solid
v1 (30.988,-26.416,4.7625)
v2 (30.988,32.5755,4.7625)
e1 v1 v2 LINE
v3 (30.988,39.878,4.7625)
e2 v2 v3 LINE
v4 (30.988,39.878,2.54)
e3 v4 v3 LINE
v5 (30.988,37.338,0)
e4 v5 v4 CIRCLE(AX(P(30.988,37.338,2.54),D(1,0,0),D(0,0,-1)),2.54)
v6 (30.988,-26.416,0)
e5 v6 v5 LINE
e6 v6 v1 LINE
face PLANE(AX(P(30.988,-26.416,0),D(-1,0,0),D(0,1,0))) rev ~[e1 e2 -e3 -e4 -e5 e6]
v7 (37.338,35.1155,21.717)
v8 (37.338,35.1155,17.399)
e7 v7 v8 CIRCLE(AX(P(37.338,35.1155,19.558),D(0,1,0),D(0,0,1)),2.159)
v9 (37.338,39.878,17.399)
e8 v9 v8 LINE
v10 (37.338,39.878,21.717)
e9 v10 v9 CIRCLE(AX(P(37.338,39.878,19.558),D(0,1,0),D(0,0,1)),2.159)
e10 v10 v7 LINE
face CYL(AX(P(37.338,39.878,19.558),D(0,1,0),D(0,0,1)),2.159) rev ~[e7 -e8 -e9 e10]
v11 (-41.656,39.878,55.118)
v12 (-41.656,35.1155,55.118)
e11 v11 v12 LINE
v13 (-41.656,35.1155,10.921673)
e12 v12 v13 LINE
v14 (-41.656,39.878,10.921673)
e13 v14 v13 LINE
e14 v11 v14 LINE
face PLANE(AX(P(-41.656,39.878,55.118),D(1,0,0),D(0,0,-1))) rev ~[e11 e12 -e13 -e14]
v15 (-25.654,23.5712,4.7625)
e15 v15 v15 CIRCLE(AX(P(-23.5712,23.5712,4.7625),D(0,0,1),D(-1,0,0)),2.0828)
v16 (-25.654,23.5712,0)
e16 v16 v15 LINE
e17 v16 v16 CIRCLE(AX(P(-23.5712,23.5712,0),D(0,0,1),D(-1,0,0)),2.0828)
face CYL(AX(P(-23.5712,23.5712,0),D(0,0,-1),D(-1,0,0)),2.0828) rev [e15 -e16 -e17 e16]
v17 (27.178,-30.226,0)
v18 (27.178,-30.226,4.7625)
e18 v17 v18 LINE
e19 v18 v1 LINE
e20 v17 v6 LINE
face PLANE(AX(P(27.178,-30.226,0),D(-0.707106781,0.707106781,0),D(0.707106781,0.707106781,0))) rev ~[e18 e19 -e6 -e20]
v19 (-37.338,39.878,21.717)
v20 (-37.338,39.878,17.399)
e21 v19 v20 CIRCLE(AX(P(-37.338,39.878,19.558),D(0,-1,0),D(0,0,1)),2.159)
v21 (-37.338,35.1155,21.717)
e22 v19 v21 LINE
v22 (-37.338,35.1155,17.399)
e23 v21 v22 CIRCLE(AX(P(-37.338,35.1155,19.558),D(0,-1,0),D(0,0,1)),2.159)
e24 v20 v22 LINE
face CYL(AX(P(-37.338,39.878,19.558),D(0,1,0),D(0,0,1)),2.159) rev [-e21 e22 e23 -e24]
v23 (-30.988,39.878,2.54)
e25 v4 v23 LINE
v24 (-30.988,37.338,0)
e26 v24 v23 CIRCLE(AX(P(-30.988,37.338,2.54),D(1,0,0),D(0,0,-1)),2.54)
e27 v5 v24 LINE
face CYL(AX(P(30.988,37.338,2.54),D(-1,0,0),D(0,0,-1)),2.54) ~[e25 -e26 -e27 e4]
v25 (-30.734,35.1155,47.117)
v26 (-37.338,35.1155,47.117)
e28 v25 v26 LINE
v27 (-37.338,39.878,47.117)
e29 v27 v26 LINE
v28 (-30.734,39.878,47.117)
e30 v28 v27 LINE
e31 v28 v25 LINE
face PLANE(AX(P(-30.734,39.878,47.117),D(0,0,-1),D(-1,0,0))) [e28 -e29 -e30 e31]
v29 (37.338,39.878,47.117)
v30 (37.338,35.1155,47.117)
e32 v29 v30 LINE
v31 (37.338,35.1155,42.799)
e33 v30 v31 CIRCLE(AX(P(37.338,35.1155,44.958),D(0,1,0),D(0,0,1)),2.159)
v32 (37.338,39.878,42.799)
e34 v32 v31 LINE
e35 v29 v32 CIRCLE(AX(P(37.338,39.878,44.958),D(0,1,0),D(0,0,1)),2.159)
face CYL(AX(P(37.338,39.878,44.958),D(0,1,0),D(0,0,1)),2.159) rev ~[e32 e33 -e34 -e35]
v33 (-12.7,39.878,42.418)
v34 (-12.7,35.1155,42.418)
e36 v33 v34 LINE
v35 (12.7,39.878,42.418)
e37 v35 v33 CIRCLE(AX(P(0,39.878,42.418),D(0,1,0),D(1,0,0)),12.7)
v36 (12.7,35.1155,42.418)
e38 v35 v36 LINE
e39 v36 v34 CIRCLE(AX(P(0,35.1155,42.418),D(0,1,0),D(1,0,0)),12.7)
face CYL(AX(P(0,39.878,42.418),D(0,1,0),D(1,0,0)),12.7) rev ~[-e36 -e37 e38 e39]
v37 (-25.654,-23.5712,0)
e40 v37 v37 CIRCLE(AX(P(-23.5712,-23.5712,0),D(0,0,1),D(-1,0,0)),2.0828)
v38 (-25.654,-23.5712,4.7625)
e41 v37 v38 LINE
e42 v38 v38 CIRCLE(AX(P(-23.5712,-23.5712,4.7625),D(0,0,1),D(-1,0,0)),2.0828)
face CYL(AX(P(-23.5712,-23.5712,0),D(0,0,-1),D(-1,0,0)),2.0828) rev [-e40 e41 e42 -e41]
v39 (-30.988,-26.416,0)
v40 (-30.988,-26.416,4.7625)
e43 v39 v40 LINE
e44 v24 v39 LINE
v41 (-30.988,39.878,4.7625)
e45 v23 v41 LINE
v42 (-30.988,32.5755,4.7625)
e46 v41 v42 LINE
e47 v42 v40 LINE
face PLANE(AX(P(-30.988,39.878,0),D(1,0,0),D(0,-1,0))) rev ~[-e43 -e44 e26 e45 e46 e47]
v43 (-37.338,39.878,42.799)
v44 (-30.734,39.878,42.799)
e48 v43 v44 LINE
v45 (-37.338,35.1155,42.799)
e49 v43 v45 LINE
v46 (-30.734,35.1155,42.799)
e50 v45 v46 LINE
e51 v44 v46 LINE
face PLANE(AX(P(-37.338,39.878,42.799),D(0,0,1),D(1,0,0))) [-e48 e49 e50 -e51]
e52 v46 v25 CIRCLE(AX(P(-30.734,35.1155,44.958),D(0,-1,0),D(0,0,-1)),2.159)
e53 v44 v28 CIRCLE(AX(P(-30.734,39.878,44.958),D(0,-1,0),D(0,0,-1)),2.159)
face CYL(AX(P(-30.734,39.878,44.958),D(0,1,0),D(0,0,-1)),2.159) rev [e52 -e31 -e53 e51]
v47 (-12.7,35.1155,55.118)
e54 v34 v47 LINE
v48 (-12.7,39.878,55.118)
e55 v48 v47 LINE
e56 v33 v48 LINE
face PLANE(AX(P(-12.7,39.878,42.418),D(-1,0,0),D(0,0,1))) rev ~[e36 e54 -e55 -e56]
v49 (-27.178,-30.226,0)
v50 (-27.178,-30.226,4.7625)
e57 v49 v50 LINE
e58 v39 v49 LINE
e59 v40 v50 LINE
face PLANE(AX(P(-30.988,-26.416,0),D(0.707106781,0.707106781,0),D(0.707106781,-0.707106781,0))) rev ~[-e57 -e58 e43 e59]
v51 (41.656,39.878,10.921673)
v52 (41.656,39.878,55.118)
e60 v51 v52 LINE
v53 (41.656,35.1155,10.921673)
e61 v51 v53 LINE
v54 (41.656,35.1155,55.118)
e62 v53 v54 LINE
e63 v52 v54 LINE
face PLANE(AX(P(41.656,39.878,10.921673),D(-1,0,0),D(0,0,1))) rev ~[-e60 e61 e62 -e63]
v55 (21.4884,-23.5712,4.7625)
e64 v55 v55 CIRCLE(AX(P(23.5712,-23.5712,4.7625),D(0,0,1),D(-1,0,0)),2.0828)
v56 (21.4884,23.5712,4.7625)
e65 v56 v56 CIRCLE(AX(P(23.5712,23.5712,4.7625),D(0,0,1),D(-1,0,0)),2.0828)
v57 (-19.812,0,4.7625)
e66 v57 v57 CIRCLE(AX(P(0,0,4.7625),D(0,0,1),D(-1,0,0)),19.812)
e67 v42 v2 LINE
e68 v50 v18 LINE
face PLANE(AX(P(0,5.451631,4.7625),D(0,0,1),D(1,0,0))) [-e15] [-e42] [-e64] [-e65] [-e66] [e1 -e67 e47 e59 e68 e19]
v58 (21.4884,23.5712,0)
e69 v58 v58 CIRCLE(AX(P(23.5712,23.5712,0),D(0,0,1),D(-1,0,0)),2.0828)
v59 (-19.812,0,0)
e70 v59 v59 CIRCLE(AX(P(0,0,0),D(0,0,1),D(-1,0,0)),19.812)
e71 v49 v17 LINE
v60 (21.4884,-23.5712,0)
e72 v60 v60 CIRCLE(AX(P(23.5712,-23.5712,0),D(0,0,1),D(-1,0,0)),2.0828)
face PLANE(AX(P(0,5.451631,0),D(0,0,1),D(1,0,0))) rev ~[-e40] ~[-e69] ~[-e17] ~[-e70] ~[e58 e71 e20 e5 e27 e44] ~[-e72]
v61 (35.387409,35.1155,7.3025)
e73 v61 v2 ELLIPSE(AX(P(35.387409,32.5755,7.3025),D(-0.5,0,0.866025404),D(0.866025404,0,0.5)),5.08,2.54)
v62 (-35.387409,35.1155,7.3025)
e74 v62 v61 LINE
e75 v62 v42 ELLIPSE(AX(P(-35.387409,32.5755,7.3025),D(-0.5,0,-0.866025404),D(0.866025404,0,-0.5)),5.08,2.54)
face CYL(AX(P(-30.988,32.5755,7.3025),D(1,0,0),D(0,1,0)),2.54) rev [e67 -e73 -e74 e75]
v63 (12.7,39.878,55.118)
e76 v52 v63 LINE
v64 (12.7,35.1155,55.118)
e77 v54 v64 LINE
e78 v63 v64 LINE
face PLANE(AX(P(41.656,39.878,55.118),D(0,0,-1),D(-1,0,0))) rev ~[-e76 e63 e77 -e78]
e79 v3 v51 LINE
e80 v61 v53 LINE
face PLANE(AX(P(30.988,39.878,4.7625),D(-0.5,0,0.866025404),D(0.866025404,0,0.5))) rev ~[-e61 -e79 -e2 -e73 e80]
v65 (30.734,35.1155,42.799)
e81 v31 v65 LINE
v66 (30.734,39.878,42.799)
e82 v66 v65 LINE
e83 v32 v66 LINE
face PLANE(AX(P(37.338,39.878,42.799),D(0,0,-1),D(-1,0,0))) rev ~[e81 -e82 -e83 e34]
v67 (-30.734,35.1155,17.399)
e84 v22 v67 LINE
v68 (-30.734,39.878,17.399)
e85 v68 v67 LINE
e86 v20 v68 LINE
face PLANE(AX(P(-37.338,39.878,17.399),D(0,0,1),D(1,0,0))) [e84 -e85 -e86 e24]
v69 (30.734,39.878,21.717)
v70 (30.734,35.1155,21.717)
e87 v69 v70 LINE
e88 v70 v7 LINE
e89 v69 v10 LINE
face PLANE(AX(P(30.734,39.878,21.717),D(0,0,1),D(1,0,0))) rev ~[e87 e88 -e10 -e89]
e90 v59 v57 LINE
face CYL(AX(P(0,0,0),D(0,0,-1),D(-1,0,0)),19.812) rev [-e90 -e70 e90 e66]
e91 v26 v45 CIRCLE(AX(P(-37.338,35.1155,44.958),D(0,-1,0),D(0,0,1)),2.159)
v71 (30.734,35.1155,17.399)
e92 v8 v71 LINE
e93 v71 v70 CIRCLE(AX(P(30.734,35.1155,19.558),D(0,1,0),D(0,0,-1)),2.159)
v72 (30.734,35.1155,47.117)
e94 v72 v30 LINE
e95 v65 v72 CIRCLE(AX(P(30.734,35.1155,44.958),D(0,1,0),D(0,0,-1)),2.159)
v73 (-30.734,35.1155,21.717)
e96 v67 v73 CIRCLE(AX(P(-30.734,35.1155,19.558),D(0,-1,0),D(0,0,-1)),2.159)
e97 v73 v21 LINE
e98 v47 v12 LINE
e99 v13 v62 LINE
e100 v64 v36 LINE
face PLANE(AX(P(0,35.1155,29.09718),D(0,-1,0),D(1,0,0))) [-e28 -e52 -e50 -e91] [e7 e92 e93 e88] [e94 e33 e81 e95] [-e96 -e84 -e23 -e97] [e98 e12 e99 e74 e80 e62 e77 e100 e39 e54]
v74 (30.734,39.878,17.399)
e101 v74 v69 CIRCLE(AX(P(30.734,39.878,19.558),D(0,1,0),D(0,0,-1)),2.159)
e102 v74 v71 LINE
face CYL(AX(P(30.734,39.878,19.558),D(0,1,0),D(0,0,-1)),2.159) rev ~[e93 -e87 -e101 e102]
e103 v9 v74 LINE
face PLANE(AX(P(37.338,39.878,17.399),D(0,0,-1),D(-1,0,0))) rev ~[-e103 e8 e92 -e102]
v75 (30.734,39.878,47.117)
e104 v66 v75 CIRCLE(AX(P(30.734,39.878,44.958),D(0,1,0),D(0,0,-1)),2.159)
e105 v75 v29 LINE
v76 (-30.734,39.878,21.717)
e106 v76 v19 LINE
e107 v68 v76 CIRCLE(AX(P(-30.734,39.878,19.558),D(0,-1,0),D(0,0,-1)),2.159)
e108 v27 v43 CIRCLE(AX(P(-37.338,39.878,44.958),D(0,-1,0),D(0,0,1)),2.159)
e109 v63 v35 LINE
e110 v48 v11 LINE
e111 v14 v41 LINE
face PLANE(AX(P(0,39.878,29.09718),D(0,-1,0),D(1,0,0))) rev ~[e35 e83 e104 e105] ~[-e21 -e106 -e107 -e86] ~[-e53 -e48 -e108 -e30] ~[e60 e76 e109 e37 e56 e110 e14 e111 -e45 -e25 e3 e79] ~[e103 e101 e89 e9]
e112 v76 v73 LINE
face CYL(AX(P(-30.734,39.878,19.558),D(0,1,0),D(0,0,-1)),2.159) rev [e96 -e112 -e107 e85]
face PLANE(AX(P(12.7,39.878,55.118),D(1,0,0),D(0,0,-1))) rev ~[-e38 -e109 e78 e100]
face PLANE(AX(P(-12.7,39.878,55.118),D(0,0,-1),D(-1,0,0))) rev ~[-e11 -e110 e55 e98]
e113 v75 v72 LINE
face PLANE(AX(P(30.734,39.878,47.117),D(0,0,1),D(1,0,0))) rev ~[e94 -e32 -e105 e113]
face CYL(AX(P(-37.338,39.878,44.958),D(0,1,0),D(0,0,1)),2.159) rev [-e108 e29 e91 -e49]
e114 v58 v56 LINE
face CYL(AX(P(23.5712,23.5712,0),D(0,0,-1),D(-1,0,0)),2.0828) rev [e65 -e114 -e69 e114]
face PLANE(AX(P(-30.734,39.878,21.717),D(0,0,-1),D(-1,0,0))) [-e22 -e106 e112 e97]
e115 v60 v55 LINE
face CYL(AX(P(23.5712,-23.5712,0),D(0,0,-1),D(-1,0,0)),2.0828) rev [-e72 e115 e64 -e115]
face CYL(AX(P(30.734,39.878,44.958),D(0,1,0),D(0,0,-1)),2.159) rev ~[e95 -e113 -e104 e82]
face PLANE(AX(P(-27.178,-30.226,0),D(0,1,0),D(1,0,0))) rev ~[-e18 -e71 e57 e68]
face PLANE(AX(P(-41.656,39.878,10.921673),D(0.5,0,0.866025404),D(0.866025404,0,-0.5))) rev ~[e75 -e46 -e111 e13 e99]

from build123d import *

# Parameters (mm, degrees)
SKETCH1_R           = 19.812
SKETCH1_R_2         = 2.0828
BOSS_EXTRUDE1_DEPTH = 4.7625
BOSS_EXTRUDE2_DEPTH = 4.7625
FILLET1_R           = 2.54


with BuildPart() as part:
    # Sketch1 → Boss-Extrude1 (new body)
    with BuildSketch(Plane.XY):
        Polygon((-27.178, -30.226), (27.178, -30.226), (30.988, -26.416), (30.988, 39.878), (-30.988, 39.878), (-30.988, -26.416), align=None)
        with Locations(Location((0, 0, 0), (0, 0, 180))):
            Circle(SKETCH1_R, mode=Mode.SUBTRACT)
        with Locations(Location((-23.5712, 23.5712, 0), (0, 0, 180))):
            Circle(SKETCH1_R_2, mode=Mode.SUBTRACT)
        with Locations(Location((23.5712, 23.5712, 0), (0, 0, 180))):
            Circle(SKETCH1_R_2, mode=Mode.SUBTRACT)
        with Locations(Location((23.5712, -23.5712, 0), (0, 0, 180))):
            Circle(SKETCH1_R_2, mode=Mode.SUBTRACT)
        with Locations(Location((-23.5712, -23.5712, 0), (0, 0, 180))):
            Circle(SKETCH1_R_2, mode=Mode.SUBTRACT)
    extrude(amount=BOSS_EXTRUDE1_DEPTH)

    # Sketch4 → Boss-Extrude2 (add)
    with BuildSketch(Plane(origin=(0, 39.878, 0), x_dir=(-1, 0, 0), z_dir=(0, 1, 0))):
        with BuildLine():
            Line((12.7, 55.118), (41.656, 55.118))
            Line((41.656, 55.118), (41.656, 10.921672672))
            Line((41.656, 10.921672672), (30.988, 4.7625))
            Line((30.988, 4.7625), (30.988, 0))
            Line((30.988, 0), (-30.988, 0))
            Line((-30.988, 0), (-30.988, 4.7625))
            Line((-30.988, 4.7625), (-41.656, 10.921672672))
            Line((-41.656, 10.921672672), (-41.656, 55.118))
            Line((-41.656, 55.118), (-12.7, 55.118))
            Line((-12.7, 55.118), (-12.7, 42.418))
            ThreePointArc((-12.7, 42.418), (0, 29.718), (12.7, 42.418))
            Line((12.7, 42.418), (12.7, 55.118))
        make_face()
        with BuildLine():
            Line((-30.734, 47.117), (-37.338, 47.117))
            ThreePointArc((-37.338, 47.117), (-39.497, 44.958), (-37.338, 42.799))
            Line((-37.338, 42.799), (-30.734, 42.799))
            ThreePointArc((-30.734, 42.799), (-28.575, 44.958), (-30.734, 47.117))
        make_face(mode=Mode.SUBTRACT)
        with BuildLine():
            Line((-30.734, 21.717), (-37.338, 21.717))
            ThreePointArc((-37.338, 21.717), (-39.497, 19.558), (-37.338, 17.399))
            Line((-37.338, 17.399), (-30.734, 17.399))
            ThreePointArc((-30.734, 17.399), (-28.575, 19.558), (-30.734, 21.717))
        make_face(mode=Mode.SUBTRACT)
        with BuildLine():
            Line((37.338, 17.399), (30.734, 17.399))
            ThreePointArc((30.734, 17.399), (28.575, 19.558), (30.734, 21.717))
            Line((30.734, 21.717), (37.338, 21.717))
            ThreePointArc((37.338, 21.717), (39.497, 19.558), (37.338, 17.399))
        make_face(mode=Mode.SUBTRACT)
        with BuildLine():
            Line((37.338, 42.799), (30.734, 42.799))
            ThreePointArc((30.734, 42.799), (28.575, 44.958), (30.734, 47.117))
            Line((30.734, 47.117), (37.338, 47.117))
            ThreePointArc((37.338, 47.117), (39.497, 44.958), (37.338, 42.799))
        make_face(mode=Mode.SUBTRACT)
    extrude(amount=-BOSS_EXTRUDE2_DEPTH)

    # Fillet1
    fillet1_edges = [part.edges().sort_by_distance(p)[0] for p in [
        (0, 35.1155, 4.7625),
        (0, 39.878, 0),
    ]]
    fillet(fillet1_edges, radius=FILLET1_R)


solid = part.part
